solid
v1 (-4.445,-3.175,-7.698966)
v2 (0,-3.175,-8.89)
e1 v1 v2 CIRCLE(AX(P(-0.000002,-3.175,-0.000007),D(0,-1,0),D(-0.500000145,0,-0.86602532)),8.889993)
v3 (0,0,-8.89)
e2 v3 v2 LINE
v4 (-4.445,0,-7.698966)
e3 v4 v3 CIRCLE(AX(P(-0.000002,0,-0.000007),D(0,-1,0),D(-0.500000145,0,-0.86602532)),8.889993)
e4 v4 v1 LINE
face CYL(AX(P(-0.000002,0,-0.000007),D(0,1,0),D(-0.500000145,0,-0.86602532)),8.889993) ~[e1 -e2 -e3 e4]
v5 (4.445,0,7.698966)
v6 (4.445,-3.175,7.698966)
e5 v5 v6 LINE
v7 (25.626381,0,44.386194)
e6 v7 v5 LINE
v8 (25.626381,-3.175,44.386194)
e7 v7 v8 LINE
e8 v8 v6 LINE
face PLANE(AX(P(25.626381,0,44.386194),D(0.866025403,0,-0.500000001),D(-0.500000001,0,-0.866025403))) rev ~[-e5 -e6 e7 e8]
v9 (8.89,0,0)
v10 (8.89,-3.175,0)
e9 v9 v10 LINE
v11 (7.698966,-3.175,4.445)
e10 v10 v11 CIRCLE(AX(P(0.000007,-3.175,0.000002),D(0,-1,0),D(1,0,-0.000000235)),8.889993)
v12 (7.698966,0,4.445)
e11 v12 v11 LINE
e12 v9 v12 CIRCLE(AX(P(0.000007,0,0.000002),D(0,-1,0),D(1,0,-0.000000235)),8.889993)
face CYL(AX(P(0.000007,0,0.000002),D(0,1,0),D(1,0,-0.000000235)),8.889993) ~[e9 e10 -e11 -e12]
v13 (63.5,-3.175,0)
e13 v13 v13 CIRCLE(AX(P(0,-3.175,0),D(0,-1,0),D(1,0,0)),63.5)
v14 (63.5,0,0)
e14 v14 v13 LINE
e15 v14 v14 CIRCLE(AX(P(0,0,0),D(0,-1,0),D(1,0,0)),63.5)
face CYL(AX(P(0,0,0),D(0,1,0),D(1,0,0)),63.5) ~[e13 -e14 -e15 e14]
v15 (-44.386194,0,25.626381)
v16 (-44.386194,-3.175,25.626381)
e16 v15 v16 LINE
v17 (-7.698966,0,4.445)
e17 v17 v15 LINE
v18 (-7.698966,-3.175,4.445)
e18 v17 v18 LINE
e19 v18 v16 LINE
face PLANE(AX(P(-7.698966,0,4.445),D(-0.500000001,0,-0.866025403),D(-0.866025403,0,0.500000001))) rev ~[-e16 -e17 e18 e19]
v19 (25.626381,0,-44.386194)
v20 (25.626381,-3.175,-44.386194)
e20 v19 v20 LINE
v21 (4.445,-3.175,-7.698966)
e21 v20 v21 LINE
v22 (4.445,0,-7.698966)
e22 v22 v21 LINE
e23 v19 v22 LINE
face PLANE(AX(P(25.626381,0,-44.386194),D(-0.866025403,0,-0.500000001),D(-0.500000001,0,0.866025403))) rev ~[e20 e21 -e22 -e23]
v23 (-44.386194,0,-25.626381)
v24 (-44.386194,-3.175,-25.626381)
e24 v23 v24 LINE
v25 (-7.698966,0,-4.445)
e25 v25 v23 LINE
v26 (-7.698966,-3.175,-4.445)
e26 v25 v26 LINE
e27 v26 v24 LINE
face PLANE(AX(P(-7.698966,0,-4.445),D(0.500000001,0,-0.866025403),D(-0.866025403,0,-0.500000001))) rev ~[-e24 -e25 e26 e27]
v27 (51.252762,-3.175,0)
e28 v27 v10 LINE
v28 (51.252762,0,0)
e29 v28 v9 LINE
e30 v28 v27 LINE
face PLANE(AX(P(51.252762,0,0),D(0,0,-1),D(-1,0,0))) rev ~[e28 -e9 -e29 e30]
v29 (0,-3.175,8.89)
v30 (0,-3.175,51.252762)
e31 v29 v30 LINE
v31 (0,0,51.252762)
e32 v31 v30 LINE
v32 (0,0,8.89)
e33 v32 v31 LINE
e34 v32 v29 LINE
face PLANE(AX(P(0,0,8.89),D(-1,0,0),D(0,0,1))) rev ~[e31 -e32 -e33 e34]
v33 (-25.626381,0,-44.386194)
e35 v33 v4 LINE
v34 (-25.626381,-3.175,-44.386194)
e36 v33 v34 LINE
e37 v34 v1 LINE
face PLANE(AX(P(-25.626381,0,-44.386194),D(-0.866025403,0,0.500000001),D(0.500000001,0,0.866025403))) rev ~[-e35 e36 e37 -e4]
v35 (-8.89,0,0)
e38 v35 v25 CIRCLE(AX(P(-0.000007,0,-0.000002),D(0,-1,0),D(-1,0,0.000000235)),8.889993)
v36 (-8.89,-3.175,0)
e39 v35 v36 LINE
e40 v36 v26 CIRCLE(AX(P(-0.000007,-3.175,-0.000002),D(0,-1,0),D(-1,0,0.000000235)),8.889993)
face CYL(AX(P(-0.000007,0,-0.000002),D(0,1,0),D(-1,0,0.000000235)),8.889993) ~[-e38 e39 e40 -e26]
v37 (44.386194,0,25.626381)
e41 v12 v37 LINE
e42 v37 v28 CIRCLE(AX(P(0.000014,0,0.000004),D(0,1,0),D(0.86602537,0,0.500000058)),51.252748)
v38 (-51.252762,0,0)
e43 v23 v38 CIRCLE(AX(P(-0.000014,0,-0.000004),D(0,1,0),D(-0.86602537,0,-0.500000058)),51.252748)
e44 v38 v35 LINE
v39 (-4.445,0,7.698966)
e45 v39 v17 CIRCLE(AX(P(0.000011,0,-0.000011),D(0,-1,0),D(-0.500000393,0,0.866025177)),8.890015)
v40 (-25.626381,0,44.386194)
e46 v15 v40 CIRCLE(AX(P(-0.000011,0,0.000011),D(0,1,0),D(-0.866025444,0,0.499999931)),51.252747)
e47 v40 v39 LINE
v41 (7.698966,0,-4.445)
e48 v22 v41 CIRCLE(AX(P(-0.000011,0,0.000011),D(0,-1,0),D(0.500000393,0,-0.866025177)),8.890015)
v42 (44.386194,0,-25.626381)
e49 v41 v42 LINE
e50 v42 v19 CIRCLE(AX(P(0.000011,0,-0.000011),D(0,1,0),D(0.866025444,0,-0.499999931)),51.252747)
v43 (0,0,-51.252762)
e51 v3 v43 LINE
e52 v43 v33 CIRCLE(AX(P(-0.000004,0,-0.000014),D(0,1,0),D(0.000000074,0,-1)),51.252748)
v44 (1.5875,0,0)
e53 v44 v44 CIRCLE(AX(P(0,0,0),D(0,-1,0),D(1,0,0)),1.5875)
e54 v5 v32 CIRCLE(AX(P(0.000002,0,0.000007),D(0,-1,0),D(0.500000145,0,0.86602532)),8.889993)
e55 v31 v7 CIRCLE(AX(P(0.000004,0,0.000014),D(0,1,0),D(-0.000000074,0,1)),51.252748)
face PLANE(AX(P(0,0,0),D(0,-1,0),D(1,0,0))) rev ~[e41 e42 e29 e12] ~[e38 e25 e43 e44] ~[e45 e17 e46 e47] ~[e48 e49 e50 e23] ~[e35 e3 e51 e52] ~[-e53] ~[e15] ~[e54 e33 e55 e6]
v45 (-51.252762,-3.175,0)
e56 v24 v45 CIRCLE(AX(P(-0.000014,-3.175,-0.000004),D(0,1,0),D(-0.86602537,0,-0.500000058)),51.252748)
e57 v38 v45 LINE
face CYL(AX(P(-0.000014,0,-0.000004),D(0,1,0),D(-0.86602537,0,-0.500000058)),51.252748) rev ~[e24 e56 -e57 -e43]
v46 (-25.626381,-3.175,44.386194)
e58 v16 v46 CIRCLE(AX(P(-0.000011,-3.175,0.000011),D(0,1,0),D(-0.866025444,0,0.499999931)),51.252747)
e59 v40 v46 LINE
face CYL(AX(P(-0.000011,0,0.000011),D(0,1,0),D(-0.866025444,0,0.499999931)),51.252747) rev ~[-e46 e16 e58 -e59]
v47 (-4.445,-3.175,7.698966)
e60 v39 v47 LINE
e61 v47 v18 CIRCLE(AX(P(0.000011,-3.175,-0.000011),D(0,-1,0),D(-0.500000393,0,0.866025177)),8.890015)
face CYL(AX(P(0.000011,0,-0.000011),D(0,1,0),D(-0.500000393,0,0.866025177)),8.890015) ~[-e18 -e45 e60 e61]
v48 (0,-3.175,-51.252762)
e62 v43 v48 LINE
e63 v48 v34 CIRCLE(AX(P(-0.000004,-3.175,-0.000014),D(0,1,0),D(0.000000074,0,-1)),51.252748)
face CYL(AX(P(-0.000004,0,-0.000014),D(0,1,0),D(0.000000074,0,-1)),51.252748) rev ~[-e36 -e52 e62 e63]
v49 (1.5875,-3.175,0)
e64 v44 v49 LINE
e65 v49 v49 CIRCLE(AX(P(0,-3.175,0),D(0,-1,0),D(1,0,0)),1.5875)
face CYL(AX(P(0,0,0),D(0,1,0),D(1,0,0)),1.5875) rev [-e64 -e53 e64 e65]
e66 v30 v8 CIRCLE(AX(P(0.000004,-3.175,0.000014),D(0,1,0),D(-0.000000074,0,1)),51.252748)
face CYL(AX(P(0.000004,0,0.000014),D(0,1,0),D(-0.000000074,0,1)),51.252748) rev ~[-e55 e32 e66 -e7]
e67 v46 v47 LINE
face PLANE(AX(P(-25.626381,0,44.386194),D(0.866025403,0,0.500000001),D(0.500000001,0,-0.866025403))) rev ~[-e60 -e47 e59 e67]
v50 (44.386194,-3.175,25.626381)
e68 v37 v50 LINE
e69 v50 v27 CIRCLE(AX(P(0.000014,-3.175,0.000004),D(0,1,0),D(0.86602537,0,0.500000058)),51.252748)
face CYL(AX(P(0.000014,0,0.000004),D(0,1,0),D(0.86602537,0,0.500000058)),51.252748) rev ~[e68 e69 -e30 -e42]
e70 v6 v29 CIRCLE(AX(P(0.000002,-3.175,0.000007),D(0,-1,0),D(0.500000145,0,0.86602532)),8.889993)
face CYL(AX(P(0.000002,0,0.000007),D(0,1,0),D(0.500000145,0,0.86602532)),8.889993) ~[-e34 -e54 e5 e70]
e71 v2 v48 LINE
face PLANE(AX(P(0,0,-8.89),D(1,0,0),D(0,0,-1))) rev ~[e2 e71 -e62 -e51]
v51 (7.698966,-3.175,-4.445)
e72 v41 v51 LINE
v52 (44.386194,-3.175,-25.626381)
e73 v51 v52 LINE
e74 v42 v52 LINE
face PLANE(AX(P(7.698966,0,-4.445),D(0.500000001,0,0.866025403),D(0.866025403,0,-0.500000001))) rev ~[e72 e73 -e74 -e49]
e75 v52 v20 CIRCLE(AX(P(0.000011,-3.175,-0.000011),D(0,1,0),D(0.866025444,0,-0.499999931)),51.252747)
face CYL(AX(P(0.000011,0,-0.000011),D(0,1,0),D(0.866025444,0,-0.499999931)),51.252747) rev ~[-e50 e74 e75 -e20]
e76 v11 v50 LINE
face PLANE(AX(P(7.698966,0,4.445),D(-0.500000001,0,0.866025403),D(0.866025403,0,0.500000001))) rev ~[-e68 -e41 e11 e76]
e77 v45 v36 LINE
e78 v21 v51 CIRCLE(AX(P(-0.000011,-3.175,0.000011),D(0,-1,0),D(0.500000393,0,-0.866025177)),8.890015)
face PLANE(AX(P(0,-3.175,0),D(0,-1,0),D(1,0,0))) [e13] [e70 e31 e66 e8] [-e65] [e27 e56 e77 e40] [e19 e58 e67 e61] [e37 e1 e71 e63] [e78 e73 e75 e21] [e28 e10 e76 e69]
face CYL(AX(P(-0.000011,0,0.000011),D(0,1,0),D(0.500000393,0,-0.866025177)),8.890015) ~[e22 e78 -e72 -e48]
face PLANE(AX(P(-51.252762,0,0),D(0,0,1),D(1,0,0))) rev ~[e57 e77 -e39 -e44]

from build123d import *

# Parameters (mm, degrees)
F0_R     = 63.5
F0_R_2   = 1.5875
F1_DEPTH = 3.175
F2_R     = 1.5875
F3_DEPTH = 3.175


with BuildPart() as f1:
    # F0 (on Front) → F1 (new body)
    with BuildSketch(Plane.XZ):
        Circle(F0_R)
        with BuildLine():
            ThreePointArc((44.386194, 25.626381), (49.506367, 13.265191), (51.252762, 0))
            ThreePointArc((51.252762, 0), (49.506367, -13.265191), (44.386194, -25.626381))
            ThreePointArc((44.386194, -25.626381), (36.241176, -36.241176), (25.626381, -44.386194))
            ThreePointArc((25.626381, -44.386194), (13.265191, -49.506367), (0, -51.252762))
            ThreePointArc((0, -51.252762), (-13.265191, -49.506367), (-25.626381, -44.386194))
            ThreePointArc((-25.626381, -44.386194), (-36.241176, -36.241176), (-44.386194, -25.626381))
            ThreePointArc((-44.386194, -25.626381), (-49.506367, -13.265191), (-51.252762, 0))
            ThreePointArc((-51.252762, 0), (-49.506367, 13.265191), (-44.386194, 25.626381))
            ThreePointArc((-44.386194, 25.626381), (-36.241176, 36.241176), (-25.626381, 44.386194))
            ThreePointArc((-25.626381, 44.386194), (-13.265191, 49.506367), (0, 51.252762))
            ThreePointArc((0, 51.252762), (13.265191, 49.506367), (25.626381, 44.386194))
            ThreePointArc((25.626381, 44.386194), (36.241176, 36.241176), (44.386194, 25.626381))
        make_face(mode=Mode.SUBTRACT)
        with BuildLine():
            Line((-7.698966, 4.445), (-44.386194, 25.626381))
            ThreePointArc((-44.386194, 25.626381), (-49.506367, 13.265191), (-51.252762, 0))
            Line((-51.252762, 0), (-8.89, 0))
            ThreePointArc((-8.89, 0), (-8.587081, 2.300901), (-7.698966, 4.445))
        make_face()
        with BuildLine():
            Line((0, 8.89), (0, 51.252762))
            ThreePointArc((0, 51.252762), (-13.265191, 49.506367), (-25.626381, 44.386194))
            Line((-25.626381, 44.386194), (-4.445, 7.698966))
            ThreePointArc((-4.445, 7.698966), (-2.300901, 8.587081), (0, 8.89))
        make_face()
        with BuildLine():
            Line((7.698966, 4.445), (44.386194, 25.626381))
            ThreePointArc((44.386194, 25.626381), (36.241176, 36.241176), (25.626381, 44.386194))
            Line((25.626381, 44.386194), (4.445, 7.698966))
            ThreePointArc((4.445, 7.698966), (6.286179, 6.286179), (7.698966, 4.445))
        make_face()
        with BuildLine():
            ThreePointArc((44.386194, -25.626381), (49.506367, -13.265191), (51.252762, 0))
            Line((51.252762, 0), (8.89, 0))
            ThreePointArc((8.89, 0), (8.587081, -2.300901), (7.698966, -4.445))
            Line((7.698966, -4.445), (44.386194, -25.626381))
        make_face()
        with BuildLine():
            ThreePointArc((0, -51.252762), (13.265191, -49.506367), (25.626381, -44.386194))
            Line((25.626381, -44.386194), (4.445, -7.698966))
            ThreePointArc((4.445, -7.698966), (2.300901, -8.587081), (0, -8.89))
            Line((0, -8.89), (0, -51.252762))
        make_face()
        with BuildLine():
            ThreePointArc((-44.386194, -25.626381), (-36.241176, -36.241176), (-25.626381, -44.386194))
            Line((-25.626381, -44.386194), (-4.445, -7.698966))
            ThreePointArc((-4.445, -7.698966), (-6.286179, -6.286179), (-7.698966, -4.445))
            Line((-7.698966, -4.445), (-44.386194, -25.626381))
        make_face()
        with BuildLine():
            ThreePointArc((7.698966, -4.445), (8.587081, -2.300901), (8.89, 0))
            ThreePointArc((8.89, 0), (8.587081, 2.300901), (7.698966, 4.445))
            ThreePointArc((7.698966, 4.445), (6.286179, 6.286179), (4.445, 7.698966))
            ThreePointArc((4.445, 7.698966), (2.300901, 8.587081), (0, 8.89))
            ThreePointArc((0, 8.89), (-2.300901, 8.587081), (-4.445, 7.698966))
            ThreePointArc((-4.445, 7.698966), (-6.286179, 6.286179), (-7.698966, 4.445))
            ThreePointArc((-7.698966, 4.445), (-8.587081, 2.300901), (-8.89, 0))
            ThreePointArc((-8.89, 0), (-8.587081, -2.300901), (-7.698966, -4.445))
            ThreePointArc((-7.698966, -4.445), (-6.286179, -6.286179), (-4.445, -7.698966))
            ThreePointArc((-4.445, -7.698966), (-2.300901, -8.587081), (0, -8.89))
            ThreePointArc((0, -8.89), (2.300901, -8.587081), (4.445, -7.698966))
            ThreePointArc((4.445, -7.698966), (6.286179, -6.286179), (7.698966, -4.445))
        make_face()
        Circle(F0_R_2, mode=Mode.SUBTRACT)
    extrude(amount=F1_DEPTH)

    # F2 (on face) → F3 (cut)
    with BuildSketch(Plane.XZ.offset(3.175)):
        Circle(F2_R)
    extrude(amount=-F3_DEPTH, mode=Mode.SUBTRACT)


solid = f1.part
